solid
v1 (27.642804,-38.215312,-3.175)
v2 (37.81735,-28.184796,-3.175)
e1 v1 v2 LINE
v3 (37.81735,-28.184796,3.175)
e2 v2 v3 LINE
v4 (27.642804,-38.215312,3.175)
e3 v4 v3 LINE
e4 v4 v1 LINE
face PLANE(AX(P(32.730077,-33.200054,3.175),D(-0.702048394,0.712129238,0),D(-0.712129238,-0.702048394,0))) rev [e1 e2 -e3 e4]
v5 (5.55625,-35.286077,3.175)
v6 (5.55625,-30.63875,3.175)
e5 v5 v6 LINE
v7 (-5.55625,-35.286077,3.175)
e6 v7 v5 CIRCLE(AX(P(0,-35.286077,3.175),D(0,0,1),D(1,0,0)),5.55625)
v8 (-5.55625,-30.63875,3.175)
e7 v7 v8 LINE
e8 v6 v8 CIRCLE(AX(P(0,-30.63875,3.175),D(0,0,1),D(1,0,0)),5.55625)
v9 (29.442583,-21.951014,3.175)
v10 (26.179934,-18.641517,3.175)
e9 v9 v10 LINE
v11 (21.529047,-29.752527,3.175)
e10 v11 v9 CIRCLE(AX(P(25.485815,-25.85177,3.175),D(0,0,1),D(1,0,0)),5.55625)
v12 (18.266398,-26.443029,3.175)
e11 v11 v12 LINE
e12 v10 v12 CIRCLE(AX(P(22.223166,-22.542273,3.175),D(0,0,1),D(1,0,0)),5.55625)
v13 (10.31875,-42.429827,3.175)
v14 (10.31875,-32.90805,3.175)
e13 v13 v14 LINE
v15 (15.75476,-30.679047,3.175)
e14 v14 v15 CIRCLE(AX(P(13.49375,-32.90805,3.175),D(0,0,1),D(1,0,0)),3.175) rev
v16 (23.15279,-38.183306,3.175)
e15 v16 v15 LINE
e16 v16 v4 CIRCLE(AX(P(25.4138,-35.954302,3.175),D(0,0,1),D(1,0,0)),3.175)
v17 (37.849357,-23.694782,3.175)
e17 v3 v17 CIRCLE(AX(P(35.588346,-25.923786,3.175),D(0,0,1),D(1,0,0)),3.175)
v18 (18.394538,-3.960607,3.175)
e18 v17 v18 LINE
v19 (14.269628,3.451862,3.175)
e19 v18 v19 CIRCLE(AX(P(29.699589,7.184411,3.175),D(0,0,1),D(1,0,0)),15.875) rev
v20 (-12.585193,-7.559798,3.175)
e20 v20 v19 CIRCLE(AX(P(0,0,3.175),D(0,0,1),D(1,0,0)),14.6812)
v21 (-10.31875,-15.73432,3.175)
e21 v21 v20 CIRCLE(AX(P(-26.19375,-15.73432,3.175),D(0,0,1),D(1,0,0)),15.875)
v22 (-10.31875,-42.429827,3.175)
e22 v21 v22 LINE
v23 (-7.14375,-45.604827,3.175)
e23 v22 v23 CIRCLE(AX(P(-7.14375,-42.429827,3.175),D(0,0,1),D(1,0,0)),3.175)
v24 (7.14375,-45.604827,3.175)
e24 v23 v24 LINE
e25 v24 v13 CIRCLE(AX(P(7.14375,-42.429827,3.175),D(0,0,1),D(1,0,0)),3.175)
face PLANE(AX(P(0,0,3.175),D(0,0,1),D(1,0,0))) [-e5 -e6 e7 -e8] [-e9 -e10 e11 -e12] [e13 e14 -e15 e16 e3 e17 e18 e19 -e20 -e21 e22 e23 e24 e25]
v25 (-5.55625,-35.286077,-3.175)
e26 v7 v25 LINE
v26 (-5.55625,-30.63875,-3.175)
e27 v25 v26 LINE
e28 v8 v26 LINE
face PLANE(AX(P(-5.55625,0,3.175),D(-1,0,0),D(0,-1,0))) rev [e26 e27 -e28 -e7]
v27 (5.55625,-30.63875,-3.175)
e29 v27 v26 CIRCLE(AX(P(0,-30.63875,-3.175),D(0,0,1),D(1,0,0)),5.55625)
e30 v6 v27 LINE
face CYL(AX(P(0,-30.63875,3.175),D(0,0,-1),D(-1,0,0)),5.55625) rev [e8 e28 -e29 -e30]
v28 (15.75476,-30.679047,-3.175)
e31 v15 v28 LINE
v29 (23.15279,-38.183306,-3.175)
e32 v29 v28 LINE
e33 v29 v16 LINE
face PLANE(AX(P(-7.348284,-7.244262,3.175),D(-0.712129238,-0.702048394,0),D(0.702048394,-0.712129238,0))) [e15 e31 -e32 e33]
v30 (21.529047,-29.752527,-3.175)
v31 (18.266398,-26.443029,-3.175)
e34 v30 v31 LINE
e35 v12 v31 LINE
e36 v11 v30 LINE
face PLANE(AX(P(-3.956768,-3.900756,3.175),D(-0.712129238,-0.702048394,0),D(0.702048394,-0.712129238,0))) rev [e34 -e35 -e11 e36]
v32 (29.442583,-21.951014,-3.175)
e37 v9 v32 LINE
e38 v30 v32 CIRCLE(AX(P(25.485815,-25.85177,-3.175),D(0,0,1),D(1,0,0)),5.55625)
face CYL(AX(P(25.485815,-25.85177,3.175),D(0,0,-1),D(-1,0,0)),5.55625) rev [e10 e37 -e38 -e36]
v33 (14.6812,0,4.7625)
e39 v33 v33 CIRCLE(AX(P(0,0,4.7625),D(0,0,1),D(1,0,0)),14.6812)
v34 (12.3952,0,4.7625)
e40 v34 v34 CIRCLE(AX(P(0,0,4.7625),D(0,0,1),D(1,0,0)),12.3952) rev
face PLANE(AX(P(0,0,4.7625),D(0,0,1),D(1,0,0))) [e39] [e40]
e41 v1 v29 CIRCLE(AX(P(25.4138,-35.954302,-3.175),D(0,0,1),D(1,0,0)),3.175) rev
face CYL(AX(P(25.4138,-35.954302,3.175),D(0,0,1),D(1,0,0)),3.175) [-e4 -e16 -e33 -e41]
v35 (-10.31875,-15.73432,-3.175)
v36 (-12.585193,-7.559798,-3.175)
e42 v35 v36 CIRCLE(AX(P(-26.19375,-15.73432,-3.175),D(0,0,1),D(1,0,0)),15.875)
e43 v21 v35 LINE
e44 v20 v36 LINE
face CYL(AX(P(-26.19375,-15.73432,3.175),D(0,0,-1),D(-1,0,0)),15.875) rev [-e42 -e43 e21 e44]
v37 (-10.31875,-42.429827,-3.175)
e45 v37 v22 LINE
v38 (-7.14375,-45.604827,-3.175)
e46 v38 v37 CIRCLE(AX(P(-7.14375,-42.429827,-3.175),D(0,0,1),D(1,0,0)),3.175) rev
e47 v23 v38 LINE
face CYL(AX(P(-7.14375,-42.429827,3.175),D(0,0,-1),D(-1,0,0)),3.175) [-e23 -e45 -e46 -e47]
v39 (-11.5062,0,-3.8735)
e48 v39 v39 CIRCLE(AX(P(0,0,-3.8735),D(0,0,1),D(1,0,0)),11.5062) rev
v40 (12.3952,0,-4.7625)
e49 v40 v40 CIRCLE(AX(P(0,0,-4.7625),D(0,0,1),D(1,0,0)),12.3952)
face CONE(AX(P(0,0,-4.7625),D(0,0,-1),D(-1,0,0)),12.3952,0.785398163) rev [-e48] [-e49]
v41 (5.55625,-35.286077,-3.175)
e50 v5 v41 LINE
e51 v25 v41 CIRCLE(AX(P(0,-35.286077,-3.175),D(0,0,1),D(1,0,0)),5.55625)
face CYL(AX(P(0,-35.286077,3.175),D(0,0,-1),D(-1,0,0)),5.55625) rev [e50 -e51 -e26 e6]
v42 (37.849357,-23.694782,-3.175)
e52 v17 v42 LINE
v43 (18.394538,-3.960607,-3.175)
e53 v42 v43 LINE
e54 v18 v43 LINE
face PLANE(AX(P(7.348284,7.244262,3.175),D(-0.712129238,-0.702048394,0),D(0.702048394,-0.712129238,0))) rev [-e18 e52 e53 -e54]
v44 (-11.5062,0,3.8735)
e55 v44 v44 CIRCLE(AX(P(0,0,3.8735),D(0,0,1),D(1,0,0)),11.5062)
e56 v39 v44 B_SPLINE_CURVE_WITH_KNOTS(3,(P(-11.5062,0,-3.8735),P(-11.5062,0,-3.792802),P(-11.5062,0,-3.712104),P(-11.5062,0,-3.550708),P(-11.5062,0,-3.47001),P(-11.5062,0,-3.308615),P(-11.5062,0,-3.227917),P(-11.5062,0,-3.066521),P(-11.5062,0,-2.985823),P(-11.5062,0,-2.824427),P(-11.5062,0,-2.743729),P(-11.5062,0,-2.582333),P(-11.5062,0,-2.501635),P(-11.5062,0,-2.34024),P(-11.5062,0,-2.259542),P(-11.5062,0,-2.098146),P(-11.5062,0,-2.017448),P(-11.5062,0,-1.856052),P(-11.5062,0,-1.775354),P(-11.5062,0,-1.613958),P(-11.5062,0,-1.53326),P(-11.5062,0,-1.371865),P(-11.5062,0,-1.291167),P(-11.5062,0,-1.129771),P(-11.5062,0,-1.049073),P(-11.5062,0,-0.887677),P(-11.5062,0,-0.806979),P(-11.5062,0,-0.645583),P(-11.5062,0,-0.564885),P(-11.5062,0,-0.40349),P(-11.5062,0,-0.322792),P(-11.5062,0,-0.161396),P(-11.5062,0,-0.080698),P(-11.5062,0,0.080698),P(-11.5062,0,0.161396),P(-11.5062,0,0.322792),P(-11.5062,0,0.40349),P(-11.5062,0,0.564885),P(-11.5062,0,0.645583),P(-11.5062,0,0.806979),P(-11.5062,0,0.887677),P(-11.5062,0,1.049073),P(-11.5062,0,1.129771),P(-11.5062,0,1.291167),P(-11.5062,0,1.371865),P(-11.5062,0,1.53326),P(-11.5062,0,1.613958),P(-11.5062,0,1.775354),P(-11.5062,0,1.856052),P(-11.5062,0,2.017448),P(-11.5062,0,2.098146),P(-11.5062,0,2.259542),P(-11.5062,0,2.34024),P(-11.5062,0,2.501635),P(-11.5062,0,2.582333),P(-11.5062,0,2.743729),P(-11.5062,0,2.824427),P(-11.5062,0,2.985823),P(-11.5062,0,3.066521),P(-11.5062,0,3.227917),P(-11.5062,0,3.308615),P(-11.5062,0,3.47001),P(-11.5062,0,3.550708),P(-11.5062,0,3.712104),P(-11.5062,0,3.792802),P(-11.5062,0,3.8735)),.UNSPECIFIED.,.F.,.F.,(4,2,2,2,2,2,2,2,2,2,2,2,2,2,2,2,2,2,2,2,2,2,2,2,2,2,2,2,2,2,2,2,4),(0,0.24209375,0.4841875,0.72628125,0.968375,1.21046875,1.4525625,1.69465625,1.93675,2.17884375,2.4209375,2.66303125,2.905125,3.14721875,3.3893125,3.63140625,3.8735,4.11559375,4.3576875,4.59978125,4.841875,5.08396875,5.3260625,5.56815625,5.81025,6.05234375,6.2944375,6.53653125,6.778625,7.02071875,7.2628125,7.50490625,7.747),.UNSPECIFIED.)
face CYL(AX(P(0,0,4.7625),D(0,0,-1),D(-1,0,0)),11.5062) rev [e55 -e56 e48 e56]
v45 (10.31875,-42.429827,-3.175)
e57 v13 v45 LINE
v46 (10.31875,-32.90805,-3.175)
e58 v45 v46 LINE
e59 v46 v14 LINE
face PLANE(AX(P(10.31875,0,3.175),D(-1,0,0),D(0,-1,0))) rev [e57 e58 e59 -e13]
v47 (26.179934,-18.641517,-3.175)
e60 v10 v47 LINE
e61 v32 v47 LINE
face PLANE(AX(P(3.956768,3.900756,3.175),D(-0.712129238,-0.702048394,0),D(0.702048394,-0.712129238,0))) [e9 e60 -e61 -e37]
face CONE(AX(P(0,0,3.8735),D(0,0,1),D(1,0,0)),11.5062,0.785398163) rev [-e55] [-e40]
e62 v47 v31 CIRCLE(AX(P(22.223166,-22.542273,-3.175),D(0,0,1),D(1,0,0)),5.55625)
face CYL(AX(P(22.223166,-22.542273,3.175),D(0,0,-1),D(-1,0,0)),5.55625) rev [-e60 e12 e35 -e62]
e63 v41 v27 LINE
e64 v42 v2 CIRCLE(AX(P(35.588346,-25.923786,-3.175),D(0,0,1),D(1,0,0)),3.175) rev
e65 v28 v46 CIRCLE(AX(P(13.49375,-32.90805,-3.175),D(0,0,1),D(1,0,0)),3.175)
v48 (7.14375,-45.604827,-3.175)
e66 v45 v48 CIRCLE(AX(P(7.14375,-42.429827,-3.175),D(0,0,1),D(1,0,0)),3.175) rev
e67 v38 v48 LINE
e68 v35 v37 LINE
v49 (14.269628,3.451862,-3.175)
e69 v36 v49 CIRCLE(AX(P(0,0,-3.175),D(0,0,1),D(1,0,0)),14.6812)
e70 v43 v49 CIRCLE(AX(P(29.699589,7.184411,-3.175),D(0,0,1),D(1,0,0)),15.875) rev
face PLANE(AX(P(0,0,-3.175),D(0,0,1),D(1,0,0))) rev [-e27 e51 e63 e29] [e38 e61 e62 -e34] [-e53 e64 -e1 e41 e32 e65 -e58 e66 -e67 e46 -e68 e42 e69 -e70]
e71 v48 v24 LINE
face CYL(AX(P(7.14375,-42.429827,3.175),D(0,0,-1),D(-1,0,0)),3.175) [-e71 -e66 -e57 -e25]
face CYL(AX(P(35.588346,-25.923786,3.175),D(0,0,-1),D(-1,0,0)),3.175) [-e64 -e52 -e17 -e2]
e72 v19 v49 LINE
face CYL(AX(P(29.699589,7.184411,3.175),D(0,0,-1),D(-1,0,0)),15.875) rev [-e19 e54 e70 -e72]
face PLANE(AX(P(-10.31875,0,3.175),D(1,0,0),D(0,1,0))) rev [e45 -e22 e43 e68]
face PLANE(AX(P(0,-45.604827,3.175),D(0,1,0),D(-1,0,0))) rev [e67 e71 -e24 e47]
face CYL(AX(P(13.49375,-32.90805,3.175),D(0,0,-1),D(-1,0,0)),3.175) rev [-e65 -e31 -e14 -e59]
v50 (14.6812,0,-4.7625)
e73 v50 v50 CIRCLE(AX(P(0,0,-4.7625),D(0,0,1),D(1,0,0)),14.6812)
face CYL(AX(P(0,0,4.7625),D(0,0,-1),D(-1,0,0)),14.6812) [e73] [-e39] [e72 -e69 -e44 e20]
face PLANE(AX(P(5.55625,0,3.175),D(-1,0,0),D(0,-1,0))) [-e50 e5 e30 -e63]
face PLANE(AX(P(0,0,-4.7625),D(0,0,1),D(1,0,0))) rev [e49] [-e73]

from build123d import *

# Parameters (mm, degrees)
SKETCH1_R           = 11.5062
BOSS_EXTRUDE2_DEPTH = 4.7625
BOSS_EXTRUDE3_DEPTH = 3.175
FILLET1_R           = 3.175
CHAMFER1_SIZE       = 0.889


with BuildPart() as part:
    # Sketch1 → Boss-Extrude2 (new, symmetric)
    with BuildSketch(Plane.XY):
        with BuildLine():
            ThreePointArc((14.269628052, 3.451861627), (-5.569873551, 13.583598274), (-12.585193267, -7.559797873))
            ThreePointArc((-12.585193267, -7.559797873), (5.569873551, -13.583598274), (14.269628052, 3.451861627))
        make_face()
        Circle(SKETCH1_R, mode=Mode.SUBTRACT)
    extrude(amount=BOSS_EXTRUDE2_DEPTH, both=True)

    # Sketch1<4> → Boss-Extrude3 (add, symmetric)
    with BuildSketch(Plane.XY):
        with BuildLine():
            ThreePointArc((-12.585193267, -7.559797873), (-10.89585042, -11.492870345), (-10.31875, -15.734319794))
            Line((-10.31875, -15.734319794), (-10.31875, -45.604827057))
            Line((-10.31875, -45.604827057), (10.31875, -45.604827057))
            Line((10.31875, -45.604827057), (10.31875, -25.164979673))
            Line((10.31875, -25.164979673), (25.381793208, -40.444315924))
            Line((25.381793208, -40.444315924), (40.07836036, -25.955792184))
            Line((40.07836036, -25.955792184), (18.394537525, -3.960607297))
            ThreePointArc((18.394537525, -3.960607297), (15.827804832, -0.534994709), (14.269628052, 3.451861627))
            ThreePointArc((14.269628052, 3.451861627), (5.569873551, -13.583598274), (-12.585193267, -7.559797873))
        make_face()
        with BuildLine():
            ThreePointArc((5.55625, -35.286077057), (0, -40.842327057), (-5.55625, -35.286077057))
            Line((-5.55625, -35.286077057), (-5.55625, -30.63875))
            ThreePointArc((-5.55625, -30.63875), (0, -25.0825), (5.55625, -30.63875))
            Line((5.55625, -30.63875), (5.55625, -35.286077057))
        make_face(mode=Mode.SUBTRACT)
        with BuildLine():
            ThreePointArc((29.442582993, -21.951014086), (29.386571305, -29.808538557), (21.529046834, -29.752526869))
            Line((21.529046834, -29.752526869), (18.266398335, -26.443029393))
            ThreePointArc((18.266398335, -26.443029393), (18.322410023, -18.585504922), (26.179934494, -18.64151661))
            Line((26.179934494, -18.64151661), (29.442582993, -21.951014086))
        make_face(mode=Mode.SUBTRACT)
    extrude(amount=BOSS_EXTRUDE3_DEPTH, both=True)

    # Fillet1
    fillet1_edges = [part.edges().sort_by_distance(p)[0] for p in [
        (-10.31875, -45.604827057, 0),
        (40.07836036, -25.955792184, 0),
        (10.31875, -25.164979673, 0),
        (25.381793208, -40.444315924, 0),
        (10.31875, -45.604827057, 0),
    ]]
    fillet(fillet1_edges, radius=FILLET1_R)

    # Chamfer1
    chamfer1_edges = [part.edges().sort_by_distance(p)[0] for p in [
        (-11.5062, 0, -4.7625),
        (-11.5062, 0, 4.7625),
    ]]
    chamfer(chamfer1_edges, length=CHAMFER1_SIZE)


solid = part.part
